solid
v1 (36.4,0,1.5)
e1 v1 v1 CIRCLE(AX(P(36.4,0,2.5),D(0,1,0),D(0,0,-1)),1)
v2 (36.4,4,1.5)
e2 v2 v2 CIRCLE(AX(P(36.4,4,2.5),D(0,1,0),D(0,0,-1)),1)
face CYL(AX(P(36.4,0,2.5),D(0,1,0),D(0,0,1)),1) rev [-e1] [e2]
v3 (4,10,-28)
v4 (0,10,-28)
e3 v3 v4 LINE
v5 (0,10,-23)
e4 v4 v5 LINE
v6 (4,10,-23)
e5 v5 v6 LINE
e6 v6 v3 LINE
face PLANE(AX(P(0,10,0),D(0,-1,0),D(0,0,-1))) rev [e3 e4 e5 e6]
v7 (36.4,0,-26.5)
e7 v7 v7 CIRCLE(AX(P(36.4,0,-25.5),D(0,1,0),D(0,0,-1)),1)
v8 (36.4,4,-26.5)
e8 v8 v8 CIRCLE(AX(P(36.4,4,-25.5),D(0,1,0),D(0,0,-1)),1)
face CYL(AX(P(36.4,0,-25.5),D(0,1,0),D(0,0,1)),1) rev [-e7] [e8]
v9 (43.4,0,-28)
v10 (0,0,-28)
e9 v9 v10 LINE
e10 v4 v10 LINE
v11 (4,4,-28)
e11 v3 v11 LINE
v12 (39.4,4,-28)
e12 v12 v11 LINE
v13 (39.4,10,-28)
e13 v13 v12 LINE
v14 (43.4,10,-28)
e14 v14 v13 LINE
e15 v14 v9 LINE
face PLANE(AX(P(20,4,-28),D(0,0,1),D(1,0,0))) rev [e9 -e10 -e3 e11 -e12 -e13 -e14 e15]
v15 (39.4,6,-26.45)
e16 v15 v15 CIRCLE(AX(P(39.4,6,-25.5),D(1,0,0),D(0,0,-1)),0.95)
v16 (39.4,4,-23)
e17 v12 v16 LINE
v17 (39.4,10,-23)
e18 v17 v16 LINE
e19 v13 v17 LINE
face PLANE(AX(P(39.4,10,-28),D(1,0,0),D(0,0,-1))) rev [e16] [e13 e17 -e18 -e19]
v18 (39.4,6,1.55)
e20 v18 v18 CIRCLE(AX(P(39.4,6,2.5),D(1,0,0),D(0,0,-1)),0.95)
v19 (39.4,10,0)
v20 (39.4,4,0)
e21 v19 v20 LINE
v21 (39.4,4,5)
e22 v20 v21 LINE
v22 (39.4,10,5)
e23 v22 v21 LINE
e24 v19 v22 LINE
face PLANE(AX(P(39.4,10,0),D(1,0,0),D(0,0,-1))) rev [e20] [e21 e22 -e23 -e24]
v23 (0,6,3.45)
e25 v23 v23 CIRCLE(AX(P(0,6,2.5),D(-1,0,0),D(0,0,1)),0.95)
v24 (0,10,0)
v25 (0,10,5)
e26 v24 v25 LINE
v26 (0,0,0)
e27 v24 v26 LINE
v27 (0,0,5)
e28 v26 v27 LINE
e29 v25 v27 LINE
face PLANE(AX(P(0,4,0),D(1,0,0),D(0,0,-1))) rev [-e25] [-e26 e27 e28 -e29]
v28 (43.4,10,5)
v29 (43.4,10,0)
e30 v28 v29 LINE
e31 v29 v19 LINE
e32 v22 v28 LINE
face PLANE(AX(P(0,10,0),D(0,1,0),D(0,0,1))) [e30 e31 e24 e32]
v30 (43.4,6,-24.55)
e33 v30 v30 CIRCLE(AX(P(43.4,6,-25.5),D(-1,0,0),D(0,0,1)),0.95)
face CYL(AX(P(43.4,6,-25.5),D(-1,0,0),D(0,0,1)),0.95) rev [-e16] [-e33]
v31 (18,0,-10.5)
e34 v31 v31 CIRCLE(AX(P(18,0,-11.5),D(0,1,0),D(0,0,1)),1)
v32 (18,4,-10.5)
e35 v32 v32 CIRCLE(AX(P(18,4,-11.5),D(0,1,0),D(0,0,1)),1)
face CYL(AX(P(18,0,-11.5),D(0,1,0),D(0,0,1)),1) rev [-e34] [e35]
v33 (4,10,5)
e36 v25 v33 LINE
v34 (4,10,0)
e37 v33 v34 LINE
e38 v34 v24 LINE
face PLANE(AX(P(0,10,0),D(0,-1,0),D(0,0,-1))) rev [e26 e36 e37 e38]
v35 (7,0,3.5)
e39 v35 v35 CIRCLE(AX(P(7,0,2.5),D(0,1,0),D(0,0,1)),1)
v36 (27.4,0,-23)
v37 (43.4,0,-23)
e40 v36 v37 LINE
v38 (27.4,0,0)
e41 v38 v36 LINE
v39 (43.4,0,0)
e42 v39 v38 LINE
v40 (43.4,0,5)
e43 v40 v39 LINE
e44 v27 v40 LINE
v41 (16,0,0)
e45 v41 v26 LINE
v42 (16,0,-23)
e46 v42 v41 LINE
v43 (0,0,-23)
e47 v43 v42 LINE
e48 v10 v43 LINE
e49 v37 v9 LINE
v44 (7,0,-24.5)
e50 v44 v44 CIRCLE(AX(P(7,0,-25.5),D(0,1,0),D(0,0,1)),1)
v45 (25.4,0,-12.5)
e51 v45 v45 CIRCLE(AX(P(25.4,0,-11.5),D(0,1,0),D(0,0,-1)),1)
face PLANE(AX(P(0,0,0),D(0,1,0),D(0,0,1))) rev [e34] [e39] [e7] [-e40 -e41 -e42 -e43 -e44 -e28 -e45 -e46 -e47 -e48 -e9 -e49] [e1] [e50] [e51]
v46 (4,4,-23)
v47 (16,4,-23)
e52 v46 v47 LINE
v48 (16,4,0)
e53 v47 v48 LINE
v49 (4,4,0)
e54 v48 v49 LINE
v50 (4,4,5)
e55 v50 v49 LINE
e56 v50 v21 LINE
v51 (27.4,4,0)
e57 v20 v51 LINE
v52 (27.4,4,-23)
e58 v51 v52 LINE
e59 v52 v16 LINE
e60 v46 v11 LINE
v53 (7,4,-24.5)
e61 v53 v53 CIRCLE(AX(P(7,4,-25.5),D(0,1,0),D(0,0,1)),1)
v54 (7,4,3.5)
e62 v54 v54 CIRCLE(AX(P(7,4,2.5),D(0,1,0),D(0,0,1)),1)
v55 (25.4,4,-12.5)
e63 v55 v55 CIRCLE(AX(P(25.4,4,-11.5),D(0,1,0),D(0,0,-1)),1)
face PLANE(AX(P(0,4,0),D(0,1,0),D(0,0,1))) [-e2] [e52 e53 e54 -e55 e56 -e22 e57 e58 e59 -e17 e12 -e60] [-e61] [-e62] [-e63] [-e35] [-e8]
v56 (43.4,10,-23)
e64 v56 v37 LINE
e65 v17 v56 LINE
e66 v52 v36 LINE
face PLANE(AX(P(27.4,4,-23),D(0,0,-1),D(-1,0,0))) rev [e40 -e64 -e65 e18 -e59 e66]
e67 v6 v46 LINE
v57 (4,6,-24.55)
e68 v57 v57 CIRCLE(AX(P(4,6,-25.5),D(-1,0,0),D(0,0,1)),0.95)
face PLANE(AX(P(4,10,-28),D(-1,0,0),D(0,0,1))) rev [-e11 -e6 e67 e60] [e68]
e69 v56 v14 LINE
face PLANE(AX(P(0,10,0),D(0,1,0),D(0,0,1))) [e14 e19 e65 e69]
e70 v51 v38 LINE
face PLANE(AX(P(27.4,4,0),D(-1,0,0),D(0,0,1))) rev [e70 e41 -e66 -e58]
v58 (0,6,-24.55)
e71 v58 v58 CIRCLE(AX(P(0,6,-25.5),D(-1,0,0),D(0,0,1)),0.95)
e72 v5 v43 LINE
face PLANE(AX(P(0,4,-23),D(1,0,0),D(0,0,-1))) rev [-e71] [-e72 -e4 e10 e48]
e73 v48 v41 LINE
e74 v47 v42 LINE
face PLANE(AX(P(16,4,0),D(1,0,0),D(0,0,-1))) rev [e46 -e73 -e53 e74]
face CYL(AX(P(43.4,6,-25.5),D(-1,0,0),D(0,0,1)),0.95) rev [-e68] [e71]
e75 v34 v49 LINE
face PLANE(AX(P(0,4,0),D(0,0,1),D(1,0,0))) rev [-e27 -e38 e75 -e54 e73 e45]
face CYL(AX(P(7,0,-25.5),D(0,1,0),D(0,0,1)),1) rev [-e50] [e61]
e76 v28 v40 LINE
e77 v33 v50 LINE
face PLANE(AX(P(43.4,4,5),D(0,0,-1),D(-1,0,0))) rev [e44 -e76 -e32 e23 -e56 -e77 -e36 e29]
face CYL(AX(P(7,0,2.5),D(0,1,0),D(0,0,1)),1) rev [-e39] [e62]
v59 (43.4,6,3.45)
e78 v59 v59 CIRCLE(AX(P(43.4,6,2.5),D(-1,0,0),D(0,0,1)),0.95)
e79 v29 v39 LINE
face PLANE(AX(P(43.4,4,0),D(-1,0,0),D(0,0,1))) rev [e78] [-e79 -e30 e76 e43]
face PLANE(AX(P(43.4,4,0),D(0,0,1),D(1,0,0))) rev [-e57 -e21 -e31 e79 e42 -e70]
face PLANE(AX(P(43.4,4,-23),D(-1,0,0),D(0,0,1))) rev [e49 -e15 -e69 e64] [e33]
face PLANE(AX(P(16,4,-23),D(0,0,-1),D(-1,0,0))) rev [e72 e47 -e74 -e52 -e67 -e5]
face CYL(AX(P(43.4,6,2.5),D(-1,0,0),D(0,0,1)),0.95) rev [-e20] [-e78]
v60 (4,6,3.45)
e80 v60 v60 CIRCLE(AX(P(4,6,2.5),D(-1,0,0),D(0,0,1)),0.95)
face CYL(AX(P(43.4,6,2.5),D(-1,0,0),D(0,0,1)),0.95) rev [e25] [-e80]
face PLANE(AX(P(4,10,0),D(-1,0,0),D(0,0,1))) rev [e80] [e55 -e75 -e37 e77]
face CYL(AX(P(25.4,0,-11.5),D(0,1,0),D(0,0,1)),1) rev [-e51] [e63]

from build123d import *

# Parameters (mm, degrees)
EXTRUDE_1_DEPTH     = 4
SKETCH_2_W          = 4
SKETCH_2_H          = 5
EXTRUDE_2_DEPTH     = 6
SKETCH_3_R          = 0.95
CUT_EXTRUDE_1_DEPTH = 53.607604013
SKETCH_4_R          = 1
CUT_EXTRUDE_2_DEPTH = 52.995769059


with BuildPart() as part:
    # 草图1 → 凸台-拉伸1 (new body)
    with BuildSketch(Plane(origin=(0, 0, 0), x_dir=(1, 0, 0), z_dir=(0, 1, 0))):
        Polygon((0, 0), (0, -5), (20, -5), (23.4, -5), (43.4, -5), (43.4, 0), (27.4, 0), (27.4, 23), (43.4, 23), (43.4, 28), (23.4, 28), (20, 28), (0, 28), (0, 23), (16, 23), (16, 0), align=None)
    extrude(amount=EXTRUDE_1_DEPTH)

    # 草图2 → 凸台-拉伸2 (add)
    with BuildSketch(Plane(origin=(0, 4, 0), x_dir=(1, 0, 0), z_dir=(0, 1, 0))):
        with Locations((2, -2.5)):
            Rectangle(SKETCH_2_W, SKETCH_2_H)
        with Locations((2, 25.5)):
            Rectangle(SKETCH_2_W, SKETCH_2_H)
        with Locations((41.4, -2.5)):
            Rectangle(SKETCH_2_W, SKETCH_2_H)
        with Locations((41.4, 25.5)):
            Rectangle(SKETCH_2_W, SKETCH_2_H)
    extrude(amount=EXTRUDE_2_DEPTH)

    # 草图3 → 切除-拉伸1 (cut, through all)
    with BuildSketch(Plane.ZY):
        with Locations((2.5, 6)):
            Circle(SKETCH_3_R)
        with Locations((-25.5, 6)):
            Circle(SKETCH_3_R)
    extrude(amount=-CUT_EXTRUDE_1_DEPTH, mode=Mode.SUBTRACT)

    # 草图4 → 切除-拉伸2 (cut, through all)
    with BuildSketch(Plane(origin=(0, 4, 0), x_dir=(1, 0, 0), z_dir=(0, 1, 0))):
        with Locations(Location((7, -2.5, 0), (0, 0, 270))):
            Circle(SKETCH_4_R)
        with Locations(Location((7, 25.5, 0), (0, 0, 270))):
            Circle(SKETCH_4_R)
        with Locations(Location((18, 11.5, 0), (0, 0, 270))):
            Circle(SKETCH_4_R)
        with Locations(Location((36.4, -2.5, 0), (0, 0, 90))):
            Circle(SKETCH_4_R)
        with Locations(Location((36.4, 25.5, 0), (0, 0, 90))):
            Circle(SKETCH_4_R)
        with Locations(Location((25.4, 11.5, 0), (0, 0, 90))):
            Circle(SKETCH_4_R)
    extrude(amount=-CUT_EXTRUDE_2_DEPTH, mode=Mode.SUBTRACT)


solid = part.part
